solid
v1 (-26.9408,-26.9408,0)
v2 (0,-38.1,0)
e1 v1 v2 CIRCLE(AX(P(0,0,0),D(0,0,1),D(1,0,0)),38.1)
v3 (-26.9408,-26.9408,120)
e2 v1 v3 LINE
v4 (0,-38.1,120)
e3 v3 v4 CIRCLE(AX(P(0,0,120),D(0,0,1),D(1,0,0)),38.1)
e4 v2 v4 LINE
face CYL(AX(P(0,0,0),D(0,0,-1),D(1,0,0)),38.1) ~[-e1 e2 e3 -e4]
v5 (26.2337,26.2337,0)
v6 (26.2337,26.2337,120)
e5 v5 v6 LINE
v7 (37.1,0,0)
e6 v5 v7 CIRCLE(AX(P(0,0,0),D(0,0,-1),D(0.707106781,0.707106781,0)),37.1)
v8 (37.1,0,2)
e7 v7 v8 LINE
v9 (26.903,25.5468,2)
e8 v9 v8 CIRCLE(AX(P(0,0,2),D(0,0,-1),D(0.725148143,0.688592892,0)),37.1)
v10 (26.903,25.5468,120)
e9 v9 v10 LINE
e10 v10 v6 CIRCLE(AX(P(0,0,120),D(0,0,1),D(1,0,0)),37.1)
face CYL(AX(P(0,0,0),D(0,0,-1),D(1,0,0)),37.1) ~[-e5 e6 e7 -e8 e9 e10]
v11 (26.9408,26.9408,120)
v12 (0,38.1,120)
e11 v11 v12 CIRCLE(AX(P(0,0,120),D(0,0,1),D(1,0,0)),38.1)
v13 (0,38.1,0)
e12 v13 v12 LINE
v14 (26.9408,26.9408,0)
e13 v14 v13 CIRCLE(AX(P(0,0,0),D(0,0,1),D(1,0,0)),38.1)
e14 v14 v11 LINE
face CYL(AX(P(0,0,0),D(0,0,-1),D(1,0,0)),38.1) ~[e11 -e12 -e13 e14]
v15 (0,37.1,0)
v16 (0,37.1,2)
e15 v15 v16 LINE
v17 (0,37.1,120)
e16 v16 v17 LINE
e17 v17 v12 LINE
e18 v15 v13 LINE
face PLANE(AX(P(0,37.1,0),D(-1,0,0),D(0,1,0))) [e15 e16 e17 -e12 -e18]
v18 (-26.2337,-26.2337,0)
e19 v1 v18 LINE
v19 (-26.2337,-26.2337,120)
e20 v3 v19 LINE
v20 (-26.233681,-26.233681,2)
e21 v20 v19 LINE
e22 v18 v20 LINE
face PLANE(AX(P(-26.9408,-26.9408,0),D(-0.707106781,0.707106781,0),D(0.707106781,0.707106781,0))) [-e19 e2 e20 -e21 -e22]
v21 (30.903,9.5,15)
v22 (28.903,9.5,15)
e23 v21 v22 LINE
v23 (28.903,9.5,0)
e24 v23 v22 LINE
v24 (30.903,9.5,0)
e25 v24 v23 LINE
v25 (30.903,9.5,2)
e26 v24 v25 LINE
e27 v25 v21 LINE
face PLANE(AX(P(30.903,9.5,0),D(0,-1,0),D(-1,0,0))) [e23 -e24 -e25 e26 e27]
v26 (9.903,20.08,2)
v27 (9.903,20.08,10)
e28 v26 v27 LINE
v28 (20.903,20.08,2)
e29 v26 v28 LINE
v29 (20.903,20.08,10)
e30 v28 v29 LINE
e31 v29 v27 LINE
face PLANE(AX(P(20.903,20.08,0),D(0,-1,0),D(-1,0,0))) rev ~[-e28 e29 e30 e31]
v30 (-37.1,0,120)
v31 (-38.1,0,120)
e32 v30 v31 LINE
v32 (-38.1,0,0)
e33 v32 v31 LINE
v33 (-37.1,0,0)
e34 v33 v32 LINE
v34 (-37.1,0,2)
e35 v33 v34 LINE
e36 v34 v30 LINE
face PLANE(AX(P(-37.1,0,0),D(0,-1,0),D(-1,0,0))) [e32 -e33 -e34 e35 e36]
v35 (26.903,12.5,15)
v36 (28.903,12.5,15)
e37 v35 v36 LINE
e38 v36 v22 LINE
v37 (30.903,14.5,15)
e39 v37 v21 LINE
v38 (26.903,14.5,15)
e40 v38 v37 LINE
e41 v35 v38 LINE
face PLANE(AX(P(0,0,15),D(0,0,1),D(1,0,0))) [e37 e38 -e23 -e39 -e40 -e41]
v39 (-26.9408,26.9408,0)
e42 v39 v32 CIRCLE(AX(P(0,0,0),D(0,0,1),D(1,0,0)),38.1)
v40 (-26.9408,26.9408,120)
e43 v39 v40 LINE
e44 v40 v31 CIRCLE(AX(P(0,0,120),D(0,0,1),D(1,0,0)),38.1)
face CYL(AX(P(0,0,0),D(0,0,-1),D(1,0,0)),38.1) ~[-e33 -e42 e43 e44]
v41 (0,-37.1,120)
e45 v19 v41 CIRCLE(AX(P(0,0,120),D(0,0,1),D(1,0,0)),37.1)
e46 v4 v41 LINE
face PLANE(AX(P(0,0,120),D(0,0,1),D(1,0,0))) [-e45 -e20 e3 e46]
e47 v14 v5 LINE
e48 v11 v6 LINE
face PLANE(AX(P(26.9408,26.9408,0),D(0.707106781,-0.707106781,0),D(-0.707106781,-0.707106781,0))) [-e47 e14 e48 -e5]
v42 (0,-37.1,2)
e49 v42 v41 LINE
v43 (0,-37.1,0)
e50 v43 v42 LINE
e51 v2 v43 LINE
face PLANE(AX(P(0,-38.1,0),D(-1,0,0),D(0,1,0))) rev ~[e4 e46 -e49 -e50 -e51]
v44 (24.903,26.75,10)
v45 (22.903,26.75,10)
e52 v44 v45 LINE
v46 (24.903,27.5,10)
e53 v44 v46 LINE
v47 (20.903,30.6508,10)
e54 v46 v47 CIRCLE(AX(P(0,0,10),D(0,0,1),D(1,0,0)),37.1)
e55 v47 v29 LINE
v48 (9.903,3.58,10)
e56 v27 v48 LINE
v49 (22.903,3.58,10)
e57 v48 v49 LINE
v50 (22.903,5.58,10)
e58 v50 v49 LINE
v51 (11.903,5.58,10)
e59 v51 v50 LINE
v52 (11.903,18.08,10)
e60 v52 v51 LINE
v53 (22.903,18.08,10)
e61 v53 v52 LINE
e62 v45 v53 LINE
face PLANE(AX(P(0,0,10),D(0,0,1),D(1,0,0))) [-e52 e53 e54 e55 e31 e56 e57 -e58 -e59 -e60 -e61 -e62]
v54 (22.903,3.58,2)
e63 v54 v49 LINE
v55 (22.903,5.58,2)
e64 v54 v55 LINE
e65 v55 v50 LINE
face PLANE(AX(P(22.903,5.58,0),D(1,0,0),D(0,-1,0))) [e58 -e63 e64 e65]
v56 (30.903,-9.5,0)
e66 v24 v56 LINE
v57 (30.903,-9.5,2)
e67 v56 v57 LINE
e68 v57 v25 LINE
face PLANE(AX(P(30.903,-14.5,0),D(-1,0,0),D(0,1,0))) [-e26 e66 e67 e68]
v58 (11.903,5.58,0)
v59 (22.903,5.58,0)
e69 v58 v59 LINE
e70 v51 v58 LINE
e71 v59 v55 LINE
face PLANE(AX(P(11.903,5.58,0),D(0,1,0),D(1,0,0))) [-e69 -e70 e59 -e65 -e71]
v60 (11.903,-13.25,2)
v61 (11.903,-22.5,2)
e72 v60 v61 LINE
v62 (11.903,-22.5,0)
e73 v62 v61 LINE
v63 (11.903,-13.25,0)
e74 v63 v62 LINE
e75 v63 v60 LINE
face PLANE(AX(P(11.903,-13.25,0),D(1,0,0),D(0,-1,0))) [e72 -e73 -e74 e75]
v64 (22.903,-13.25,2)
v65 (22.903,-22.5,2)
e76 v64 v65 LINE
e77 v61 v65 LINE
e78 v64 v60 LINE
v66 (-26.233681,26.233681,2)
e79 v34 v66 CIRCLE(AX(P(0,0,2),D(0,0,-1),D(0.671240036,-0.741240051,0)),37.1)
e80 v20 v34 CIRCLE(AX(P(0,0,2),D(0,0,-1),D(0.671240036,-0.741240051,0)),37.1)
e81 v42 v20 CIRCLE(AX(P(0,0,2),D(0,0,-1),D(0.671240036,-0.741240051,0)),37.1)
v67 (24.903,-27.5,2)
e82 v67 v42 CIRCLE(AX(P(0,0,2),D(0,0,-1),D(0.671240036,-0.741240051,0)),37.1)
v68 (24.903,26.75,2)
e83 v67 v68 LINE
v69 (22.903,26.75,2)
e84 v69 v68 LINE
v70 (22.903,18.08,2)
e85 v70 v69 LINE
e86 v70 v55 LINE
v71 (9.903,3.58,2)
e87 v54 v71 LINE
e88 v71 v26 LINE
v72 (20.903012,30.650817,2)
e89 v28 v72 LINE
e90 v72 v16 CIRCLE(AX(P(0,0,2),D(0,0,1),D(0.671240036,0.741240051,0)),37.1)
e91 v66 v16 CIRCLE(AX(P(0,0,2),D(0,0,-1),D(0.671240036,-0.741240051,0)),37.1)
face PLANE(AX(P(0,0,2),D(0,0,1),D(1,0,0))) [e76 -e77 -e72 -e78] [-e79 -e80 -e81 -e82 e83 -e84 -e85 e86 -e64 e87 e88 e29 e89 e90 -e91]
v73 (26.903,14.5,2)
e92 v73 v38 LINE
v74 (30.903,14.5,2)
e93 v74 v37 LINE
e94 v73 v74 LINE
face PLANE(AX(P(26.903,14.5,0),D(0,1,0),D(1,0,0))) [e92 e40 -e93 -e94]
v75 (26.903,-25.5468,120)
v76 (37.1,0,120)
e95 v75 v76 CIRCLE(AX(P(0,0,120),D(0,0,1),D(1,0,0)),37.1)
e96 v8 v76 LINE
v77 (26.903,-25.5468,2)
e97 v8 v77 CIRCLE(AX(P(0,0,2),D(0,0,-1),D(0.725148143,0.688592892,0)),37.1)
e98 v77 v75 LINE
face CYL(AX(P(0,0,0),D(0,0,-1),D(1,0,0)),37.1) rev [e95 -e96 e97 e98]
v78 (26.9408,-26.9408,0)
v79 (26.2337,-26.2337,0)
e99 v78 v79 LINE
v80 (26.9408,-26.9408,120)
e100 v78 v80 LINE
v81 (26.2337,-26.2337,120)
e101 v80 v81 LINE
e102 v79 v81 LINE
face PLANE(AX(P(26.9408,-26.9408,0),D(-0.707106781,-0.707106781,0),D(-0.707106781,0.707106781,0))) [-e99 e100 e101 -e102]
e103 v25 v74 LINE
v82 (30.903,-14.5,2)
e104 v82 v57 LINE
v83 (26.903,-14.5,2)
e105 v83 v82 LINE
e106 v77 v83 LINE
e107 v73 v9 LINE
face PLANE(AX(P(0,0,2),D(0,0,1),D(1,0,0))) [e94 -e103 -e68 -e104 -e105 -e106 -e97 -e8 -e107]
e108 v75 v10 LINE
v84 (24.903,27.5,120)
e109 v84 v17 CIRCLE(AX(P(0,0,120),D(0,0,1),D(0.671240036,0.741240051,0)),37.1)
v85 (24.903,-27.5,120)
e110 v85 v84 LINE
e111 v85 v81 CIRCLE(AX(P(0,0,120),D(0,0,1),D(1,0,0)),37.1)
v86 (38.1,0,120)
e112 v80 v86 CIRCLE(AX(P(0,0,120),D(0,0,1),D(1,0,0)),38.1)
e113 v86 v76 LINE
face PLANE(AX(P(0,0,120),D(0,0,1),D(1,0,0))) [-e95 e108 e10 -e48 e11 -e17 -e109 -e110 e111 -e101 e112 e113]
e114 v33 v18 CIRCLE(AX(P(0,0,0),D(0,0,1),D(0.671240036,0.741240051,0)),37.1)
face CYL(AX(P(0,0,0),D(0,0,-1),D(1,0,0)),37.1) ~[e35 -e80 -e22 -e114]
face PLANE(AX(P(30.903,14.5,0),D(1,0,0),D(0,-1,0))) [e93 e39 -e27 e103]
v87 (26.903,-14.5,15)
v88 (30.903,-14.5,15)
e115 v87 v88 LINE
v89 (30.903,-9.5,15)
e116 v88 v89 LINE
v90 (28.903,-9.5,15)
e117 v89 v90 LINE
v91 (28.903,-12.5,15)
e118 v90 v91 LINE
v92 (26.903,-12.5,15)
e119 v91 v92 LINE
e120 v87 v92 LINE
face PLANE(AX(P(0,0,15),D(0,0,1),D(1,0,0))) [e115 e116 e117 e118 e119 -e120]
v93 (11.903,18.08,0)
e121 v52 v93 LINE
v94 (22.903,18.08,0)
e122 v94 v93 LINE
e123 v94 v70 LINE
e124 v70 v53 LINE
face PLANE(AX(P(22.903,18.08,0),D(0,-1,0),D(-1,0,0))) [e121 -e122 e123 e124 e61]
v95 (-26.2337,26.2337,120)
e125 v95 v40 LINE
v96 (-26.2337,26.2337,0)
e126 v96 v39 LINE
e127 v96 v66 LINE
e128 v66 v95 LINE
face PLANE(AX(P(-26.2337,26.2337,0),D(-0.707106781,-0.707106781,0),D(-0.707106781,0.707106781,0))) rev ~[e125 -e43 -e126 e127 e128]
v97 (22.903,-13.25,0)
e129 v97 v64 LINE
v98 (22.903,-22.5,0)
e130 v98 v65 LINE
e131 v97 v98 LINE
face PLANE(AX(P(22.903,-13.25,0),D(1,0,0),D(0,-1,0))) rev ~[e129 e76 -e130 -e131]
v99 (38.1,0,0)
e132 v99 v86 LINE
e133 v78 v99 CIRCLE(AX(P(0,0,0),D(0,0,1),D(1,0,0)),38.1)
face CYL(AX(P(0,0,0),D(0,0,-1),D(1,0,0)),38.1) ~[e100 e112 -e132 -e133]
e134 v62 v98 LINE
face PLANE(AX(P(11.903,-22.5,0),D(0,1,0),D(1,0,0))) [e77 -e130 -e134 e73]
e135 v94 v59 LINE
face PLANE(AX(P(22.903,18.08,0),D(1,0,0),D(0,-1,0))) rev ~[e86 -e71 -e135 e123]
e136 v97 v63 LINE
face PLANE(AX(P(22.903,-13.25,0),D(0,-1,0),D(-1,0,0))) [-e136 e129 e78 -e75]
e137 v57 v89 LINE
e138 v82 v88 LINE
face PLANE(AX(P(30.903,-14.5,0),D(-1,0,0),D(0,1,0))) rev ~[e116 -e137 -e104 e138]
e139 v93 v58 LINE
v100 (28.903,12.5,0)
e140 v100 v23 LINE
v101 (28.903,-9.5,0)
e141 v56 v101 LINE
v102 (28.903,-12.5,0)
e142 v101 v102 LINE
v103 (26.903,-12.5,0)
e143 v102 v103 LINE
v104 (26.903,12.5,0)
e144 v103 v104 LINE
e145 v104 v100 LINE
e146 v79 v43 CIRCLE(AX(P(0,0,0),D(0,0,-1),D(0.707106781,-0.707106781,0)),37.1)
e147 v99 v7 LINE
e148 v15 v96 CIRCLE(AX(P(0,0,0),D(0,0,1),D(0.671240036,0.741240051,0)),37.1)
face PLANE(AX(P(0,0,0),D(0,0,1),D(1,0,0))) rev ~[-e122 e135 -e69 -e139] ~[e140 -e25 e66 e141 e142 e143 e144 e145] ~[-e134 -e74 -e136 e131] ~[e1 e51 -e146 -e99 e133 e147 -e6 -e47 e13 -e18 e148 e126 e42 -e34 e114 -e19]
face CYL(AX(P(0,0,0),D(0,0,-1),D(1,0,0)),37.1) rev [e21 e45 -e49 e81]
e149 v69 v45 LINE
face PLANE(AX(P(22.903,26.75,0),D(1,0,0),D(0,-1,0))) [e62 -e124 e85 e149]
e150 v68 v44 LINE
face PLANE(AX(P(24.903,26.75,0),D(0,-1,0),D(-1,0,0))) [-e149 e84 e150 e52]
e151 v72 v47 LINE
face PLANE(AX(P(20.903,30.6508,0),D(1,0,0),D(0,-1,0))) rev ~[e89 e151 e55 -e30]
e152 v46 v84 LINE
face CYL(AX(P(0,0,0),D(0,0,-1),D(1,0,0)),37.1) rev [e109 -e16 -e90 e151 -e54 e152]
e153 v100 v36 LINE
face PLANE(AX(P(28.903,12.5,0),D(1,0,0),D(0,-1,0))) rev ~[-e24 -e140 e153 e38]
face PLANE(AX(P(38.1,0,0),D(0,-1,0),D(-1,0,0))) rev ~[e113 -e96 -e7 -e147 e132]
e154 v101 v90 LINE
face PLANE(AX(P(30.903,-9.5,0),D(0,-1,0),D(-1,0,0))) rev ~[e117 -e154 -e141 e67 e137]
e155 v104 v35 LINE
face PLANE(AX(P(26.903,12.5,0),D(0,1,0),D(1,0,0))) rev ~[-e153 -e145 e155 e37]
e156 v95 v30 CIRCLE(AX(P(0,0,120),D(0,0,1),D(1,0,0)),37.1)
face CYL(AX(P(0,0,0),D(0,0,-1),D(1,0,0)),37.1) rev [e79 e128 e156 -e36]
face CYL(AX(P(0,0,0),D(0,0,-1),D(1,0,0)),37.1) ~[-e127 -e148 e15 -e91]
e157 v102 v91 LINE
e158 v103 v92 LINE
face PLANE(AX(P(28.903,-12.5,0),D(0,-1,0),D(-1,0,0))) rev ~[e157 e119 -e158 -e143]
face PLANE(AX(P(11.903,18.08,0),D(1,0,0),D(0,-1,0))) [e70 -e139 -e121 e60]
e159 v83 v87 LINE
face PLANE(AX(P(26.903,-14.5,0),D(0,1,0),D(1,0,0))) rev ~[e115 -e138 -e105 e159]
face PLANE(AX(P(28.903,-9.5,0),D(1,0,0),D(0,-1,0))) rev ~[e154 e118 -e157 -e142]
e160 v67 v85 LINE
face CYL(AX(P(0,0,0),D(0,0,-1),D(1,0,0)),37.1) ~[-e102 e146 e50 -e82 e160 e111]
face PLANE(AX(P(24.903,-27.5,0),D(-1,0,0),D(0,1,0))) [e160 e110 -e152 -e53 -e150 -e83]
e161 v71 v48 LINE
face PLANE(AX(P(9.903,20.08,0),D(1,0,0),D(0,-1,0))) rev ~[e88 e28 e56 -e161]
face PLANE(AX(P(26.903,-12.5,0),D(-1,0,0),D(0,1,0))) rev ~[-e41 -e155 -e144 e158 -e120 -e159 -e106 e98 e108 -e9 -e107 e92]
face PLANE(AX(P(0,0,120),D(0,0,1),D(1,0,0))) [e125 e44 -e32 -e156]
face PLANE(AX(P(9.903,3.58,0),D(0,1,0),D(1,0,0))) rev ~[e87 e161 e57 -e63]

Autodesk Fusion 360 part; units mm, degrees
sketch "Sketch1" plane through (0, 0, 0) normal (0, 0, 1) x (1, 0, 0)
  circle A0 centre (0, 0) radius 38.1
  circle A1 centre (0, 0) radius 37.1
  line L0 (24.903, -27.5) -> (24.903, 27.5)
  line L1 (26.903, -25.5468) -> (26.903, 25.5468)
  line L2 (26.903, 12.5) -> (28.903, 12.5)
  line L3 (28.903, 12.5) -> (28.903, -12.5)
  line L4 (28.903, -12.5) -> (26.903, -12.5)
  line L5 (26.903, -12.5) -> (26.903, 12.5)
  line L6 (26.903, 14.5) -> (30.903, 14.5)
  line L7 (30.903, 14.5) -> (30.903, 9.5)
  line L8 (30.903, 9.5) -> (28.903, 9.5)
  line L9 (26.903, -14.5) -> (30.903, -14.5)
  line L10 (30.903, -14.5) -> (30.903, -9.5)
  line L11 (30.903, -9.5) -> (28.903, -9.5)
  line L12 (1.75, 0) -> (22.5, 0)
  line L13 (24.903, 26.75) -> (22.903, 26.75)
  line L14 (22.903, 26.75) -> (22.903, -26.75)
  line L15 (22.903, -26.75) -> (24.903, -26.75)
  line L16 (24.903, -26.75) -> (24.903, 26.75)
  line L17 (22.903, 18.08) -> (11.903, 18.08)
  line L18 (11.903, 18.08) -> (11.903, 5.58)
  line L19 (11.903, 5.58) -> (22.903, 5.58)
  line L20 (22.903, 5.58) -> (22.903, 18.08)
  line L21 (22.903, -13.25) -> (11.903, -13.25)
  line L22 (11.903, -13.25) -> (11.903, -22.5)
  line L23 (11.903, -22.5) -> (22.903, -22.5)
  line L24 (22.903, -22.5) -> (22.903, -13.25)
  line L25 (30.903, -9.5) -> (30.903, 9.5)
  line L26 (0, -38.1) -> (0, 38.1) construction
  line L27 (-38.1, 0) -> (38.1, 0) construction
  line L28 (26.9408, -26.9408) -> (-26.9408, 26.9408) construction
  line L29 (26.9408, 26.9408) -> (-26.9408, -26.9408) construction
  line L30 (0, 37.1) -> (0, 38.1)
  line L31 (-26.2337, 26.2337) -> (-26.9408, 26.9408)
  line L32 (-37.1, 0) -> (-38.1, 0)
  line L33 (-26.9408, -26.9408) -> (-26.2337, -26.2337)
  line L34 (0, -38.1) -> (0, -37.1)
  line L35 (26.9408, -26.9408) -> (26.2337, -26.2337)
  line L36 (38.1, 0) -> (37.1, 0)
  line L37 (26.9408, 26.9408) -> (26.2337, 26.2337)
  line L38 (20.903, 30.6508) -> (20.903, 20.08)
  line L39 (20.903, 20.08) -> (9.903, 20.08)
  line L40 (9.903, 20.08) -> (9.903, 3.58)
  line L41 (9.903, 3.58) -> (22.903, 3.58)
  point P0 (28.903, 0)
  point P1 (22.903, 0)
  dimension "d1" = 76.2
  dimension "d2" = 1
  dimension "d3" = 55
  dimension "d4" = 2
  dimension "d5" = 2
  dimension "d6" = 2
  dimension "d7" = 2
  dimension "d8" = 3
  dimension "d9" = 25
  dimension "d10" = 2
  dimension "d11" = 2
  dimension "d12" = 53.5
  dimension "d13" = 12.5
  dimension "d14" = 11
  dimension "d15" = 8.67
  dimension "d16" = 9.25
  dimension "d17" = 11
  dimension "d18" = 4.25
  dimension "d23" = 45
  dimension "d27" = 2
  dimension "d28" = 2
  dimension "d29" = 2
  dimension "d30" = 2
extrude "Extrude1" add sketch "Sketch1" along normal blind 2 contours A1 L1 L6 L7 L9 L10 L25 | A1 L0 L14 L15 L21 L22 L23 L38 L39 L40 L41 | A1 L0 L13 L14 L17 L18 L19 L38 L39 L40 L41 | L0 L13 L14 L15 L16 L20 L24 makes body 1 at (-3.5853, -7.0522, 0) makes body 2 at (32.7043, -2.5435, 0)
extrude "Extrude2" add sketch "Sketch1" along normal blind 15 contours L1 L2 L3 L6 L7 L8 | L1 L3 L4 L9 L10 L11 bodies 2
extrude "Extrude3" add sketch "Sketch1" along normal blind 120 contours A0 A1 L35 L36 | A0 A1 L30 L37 | A1 L0 L1 L5 L16 | A0 A1 L33 L34 | A0 A1 L31 L32 bodies 2 1
extrude "Extrude4" add sketch "Sketch1" along normal blind 10 contours A1 L0 L13 L14 L17 L18 L19 L38 L39 L40 L41 bodies 2
